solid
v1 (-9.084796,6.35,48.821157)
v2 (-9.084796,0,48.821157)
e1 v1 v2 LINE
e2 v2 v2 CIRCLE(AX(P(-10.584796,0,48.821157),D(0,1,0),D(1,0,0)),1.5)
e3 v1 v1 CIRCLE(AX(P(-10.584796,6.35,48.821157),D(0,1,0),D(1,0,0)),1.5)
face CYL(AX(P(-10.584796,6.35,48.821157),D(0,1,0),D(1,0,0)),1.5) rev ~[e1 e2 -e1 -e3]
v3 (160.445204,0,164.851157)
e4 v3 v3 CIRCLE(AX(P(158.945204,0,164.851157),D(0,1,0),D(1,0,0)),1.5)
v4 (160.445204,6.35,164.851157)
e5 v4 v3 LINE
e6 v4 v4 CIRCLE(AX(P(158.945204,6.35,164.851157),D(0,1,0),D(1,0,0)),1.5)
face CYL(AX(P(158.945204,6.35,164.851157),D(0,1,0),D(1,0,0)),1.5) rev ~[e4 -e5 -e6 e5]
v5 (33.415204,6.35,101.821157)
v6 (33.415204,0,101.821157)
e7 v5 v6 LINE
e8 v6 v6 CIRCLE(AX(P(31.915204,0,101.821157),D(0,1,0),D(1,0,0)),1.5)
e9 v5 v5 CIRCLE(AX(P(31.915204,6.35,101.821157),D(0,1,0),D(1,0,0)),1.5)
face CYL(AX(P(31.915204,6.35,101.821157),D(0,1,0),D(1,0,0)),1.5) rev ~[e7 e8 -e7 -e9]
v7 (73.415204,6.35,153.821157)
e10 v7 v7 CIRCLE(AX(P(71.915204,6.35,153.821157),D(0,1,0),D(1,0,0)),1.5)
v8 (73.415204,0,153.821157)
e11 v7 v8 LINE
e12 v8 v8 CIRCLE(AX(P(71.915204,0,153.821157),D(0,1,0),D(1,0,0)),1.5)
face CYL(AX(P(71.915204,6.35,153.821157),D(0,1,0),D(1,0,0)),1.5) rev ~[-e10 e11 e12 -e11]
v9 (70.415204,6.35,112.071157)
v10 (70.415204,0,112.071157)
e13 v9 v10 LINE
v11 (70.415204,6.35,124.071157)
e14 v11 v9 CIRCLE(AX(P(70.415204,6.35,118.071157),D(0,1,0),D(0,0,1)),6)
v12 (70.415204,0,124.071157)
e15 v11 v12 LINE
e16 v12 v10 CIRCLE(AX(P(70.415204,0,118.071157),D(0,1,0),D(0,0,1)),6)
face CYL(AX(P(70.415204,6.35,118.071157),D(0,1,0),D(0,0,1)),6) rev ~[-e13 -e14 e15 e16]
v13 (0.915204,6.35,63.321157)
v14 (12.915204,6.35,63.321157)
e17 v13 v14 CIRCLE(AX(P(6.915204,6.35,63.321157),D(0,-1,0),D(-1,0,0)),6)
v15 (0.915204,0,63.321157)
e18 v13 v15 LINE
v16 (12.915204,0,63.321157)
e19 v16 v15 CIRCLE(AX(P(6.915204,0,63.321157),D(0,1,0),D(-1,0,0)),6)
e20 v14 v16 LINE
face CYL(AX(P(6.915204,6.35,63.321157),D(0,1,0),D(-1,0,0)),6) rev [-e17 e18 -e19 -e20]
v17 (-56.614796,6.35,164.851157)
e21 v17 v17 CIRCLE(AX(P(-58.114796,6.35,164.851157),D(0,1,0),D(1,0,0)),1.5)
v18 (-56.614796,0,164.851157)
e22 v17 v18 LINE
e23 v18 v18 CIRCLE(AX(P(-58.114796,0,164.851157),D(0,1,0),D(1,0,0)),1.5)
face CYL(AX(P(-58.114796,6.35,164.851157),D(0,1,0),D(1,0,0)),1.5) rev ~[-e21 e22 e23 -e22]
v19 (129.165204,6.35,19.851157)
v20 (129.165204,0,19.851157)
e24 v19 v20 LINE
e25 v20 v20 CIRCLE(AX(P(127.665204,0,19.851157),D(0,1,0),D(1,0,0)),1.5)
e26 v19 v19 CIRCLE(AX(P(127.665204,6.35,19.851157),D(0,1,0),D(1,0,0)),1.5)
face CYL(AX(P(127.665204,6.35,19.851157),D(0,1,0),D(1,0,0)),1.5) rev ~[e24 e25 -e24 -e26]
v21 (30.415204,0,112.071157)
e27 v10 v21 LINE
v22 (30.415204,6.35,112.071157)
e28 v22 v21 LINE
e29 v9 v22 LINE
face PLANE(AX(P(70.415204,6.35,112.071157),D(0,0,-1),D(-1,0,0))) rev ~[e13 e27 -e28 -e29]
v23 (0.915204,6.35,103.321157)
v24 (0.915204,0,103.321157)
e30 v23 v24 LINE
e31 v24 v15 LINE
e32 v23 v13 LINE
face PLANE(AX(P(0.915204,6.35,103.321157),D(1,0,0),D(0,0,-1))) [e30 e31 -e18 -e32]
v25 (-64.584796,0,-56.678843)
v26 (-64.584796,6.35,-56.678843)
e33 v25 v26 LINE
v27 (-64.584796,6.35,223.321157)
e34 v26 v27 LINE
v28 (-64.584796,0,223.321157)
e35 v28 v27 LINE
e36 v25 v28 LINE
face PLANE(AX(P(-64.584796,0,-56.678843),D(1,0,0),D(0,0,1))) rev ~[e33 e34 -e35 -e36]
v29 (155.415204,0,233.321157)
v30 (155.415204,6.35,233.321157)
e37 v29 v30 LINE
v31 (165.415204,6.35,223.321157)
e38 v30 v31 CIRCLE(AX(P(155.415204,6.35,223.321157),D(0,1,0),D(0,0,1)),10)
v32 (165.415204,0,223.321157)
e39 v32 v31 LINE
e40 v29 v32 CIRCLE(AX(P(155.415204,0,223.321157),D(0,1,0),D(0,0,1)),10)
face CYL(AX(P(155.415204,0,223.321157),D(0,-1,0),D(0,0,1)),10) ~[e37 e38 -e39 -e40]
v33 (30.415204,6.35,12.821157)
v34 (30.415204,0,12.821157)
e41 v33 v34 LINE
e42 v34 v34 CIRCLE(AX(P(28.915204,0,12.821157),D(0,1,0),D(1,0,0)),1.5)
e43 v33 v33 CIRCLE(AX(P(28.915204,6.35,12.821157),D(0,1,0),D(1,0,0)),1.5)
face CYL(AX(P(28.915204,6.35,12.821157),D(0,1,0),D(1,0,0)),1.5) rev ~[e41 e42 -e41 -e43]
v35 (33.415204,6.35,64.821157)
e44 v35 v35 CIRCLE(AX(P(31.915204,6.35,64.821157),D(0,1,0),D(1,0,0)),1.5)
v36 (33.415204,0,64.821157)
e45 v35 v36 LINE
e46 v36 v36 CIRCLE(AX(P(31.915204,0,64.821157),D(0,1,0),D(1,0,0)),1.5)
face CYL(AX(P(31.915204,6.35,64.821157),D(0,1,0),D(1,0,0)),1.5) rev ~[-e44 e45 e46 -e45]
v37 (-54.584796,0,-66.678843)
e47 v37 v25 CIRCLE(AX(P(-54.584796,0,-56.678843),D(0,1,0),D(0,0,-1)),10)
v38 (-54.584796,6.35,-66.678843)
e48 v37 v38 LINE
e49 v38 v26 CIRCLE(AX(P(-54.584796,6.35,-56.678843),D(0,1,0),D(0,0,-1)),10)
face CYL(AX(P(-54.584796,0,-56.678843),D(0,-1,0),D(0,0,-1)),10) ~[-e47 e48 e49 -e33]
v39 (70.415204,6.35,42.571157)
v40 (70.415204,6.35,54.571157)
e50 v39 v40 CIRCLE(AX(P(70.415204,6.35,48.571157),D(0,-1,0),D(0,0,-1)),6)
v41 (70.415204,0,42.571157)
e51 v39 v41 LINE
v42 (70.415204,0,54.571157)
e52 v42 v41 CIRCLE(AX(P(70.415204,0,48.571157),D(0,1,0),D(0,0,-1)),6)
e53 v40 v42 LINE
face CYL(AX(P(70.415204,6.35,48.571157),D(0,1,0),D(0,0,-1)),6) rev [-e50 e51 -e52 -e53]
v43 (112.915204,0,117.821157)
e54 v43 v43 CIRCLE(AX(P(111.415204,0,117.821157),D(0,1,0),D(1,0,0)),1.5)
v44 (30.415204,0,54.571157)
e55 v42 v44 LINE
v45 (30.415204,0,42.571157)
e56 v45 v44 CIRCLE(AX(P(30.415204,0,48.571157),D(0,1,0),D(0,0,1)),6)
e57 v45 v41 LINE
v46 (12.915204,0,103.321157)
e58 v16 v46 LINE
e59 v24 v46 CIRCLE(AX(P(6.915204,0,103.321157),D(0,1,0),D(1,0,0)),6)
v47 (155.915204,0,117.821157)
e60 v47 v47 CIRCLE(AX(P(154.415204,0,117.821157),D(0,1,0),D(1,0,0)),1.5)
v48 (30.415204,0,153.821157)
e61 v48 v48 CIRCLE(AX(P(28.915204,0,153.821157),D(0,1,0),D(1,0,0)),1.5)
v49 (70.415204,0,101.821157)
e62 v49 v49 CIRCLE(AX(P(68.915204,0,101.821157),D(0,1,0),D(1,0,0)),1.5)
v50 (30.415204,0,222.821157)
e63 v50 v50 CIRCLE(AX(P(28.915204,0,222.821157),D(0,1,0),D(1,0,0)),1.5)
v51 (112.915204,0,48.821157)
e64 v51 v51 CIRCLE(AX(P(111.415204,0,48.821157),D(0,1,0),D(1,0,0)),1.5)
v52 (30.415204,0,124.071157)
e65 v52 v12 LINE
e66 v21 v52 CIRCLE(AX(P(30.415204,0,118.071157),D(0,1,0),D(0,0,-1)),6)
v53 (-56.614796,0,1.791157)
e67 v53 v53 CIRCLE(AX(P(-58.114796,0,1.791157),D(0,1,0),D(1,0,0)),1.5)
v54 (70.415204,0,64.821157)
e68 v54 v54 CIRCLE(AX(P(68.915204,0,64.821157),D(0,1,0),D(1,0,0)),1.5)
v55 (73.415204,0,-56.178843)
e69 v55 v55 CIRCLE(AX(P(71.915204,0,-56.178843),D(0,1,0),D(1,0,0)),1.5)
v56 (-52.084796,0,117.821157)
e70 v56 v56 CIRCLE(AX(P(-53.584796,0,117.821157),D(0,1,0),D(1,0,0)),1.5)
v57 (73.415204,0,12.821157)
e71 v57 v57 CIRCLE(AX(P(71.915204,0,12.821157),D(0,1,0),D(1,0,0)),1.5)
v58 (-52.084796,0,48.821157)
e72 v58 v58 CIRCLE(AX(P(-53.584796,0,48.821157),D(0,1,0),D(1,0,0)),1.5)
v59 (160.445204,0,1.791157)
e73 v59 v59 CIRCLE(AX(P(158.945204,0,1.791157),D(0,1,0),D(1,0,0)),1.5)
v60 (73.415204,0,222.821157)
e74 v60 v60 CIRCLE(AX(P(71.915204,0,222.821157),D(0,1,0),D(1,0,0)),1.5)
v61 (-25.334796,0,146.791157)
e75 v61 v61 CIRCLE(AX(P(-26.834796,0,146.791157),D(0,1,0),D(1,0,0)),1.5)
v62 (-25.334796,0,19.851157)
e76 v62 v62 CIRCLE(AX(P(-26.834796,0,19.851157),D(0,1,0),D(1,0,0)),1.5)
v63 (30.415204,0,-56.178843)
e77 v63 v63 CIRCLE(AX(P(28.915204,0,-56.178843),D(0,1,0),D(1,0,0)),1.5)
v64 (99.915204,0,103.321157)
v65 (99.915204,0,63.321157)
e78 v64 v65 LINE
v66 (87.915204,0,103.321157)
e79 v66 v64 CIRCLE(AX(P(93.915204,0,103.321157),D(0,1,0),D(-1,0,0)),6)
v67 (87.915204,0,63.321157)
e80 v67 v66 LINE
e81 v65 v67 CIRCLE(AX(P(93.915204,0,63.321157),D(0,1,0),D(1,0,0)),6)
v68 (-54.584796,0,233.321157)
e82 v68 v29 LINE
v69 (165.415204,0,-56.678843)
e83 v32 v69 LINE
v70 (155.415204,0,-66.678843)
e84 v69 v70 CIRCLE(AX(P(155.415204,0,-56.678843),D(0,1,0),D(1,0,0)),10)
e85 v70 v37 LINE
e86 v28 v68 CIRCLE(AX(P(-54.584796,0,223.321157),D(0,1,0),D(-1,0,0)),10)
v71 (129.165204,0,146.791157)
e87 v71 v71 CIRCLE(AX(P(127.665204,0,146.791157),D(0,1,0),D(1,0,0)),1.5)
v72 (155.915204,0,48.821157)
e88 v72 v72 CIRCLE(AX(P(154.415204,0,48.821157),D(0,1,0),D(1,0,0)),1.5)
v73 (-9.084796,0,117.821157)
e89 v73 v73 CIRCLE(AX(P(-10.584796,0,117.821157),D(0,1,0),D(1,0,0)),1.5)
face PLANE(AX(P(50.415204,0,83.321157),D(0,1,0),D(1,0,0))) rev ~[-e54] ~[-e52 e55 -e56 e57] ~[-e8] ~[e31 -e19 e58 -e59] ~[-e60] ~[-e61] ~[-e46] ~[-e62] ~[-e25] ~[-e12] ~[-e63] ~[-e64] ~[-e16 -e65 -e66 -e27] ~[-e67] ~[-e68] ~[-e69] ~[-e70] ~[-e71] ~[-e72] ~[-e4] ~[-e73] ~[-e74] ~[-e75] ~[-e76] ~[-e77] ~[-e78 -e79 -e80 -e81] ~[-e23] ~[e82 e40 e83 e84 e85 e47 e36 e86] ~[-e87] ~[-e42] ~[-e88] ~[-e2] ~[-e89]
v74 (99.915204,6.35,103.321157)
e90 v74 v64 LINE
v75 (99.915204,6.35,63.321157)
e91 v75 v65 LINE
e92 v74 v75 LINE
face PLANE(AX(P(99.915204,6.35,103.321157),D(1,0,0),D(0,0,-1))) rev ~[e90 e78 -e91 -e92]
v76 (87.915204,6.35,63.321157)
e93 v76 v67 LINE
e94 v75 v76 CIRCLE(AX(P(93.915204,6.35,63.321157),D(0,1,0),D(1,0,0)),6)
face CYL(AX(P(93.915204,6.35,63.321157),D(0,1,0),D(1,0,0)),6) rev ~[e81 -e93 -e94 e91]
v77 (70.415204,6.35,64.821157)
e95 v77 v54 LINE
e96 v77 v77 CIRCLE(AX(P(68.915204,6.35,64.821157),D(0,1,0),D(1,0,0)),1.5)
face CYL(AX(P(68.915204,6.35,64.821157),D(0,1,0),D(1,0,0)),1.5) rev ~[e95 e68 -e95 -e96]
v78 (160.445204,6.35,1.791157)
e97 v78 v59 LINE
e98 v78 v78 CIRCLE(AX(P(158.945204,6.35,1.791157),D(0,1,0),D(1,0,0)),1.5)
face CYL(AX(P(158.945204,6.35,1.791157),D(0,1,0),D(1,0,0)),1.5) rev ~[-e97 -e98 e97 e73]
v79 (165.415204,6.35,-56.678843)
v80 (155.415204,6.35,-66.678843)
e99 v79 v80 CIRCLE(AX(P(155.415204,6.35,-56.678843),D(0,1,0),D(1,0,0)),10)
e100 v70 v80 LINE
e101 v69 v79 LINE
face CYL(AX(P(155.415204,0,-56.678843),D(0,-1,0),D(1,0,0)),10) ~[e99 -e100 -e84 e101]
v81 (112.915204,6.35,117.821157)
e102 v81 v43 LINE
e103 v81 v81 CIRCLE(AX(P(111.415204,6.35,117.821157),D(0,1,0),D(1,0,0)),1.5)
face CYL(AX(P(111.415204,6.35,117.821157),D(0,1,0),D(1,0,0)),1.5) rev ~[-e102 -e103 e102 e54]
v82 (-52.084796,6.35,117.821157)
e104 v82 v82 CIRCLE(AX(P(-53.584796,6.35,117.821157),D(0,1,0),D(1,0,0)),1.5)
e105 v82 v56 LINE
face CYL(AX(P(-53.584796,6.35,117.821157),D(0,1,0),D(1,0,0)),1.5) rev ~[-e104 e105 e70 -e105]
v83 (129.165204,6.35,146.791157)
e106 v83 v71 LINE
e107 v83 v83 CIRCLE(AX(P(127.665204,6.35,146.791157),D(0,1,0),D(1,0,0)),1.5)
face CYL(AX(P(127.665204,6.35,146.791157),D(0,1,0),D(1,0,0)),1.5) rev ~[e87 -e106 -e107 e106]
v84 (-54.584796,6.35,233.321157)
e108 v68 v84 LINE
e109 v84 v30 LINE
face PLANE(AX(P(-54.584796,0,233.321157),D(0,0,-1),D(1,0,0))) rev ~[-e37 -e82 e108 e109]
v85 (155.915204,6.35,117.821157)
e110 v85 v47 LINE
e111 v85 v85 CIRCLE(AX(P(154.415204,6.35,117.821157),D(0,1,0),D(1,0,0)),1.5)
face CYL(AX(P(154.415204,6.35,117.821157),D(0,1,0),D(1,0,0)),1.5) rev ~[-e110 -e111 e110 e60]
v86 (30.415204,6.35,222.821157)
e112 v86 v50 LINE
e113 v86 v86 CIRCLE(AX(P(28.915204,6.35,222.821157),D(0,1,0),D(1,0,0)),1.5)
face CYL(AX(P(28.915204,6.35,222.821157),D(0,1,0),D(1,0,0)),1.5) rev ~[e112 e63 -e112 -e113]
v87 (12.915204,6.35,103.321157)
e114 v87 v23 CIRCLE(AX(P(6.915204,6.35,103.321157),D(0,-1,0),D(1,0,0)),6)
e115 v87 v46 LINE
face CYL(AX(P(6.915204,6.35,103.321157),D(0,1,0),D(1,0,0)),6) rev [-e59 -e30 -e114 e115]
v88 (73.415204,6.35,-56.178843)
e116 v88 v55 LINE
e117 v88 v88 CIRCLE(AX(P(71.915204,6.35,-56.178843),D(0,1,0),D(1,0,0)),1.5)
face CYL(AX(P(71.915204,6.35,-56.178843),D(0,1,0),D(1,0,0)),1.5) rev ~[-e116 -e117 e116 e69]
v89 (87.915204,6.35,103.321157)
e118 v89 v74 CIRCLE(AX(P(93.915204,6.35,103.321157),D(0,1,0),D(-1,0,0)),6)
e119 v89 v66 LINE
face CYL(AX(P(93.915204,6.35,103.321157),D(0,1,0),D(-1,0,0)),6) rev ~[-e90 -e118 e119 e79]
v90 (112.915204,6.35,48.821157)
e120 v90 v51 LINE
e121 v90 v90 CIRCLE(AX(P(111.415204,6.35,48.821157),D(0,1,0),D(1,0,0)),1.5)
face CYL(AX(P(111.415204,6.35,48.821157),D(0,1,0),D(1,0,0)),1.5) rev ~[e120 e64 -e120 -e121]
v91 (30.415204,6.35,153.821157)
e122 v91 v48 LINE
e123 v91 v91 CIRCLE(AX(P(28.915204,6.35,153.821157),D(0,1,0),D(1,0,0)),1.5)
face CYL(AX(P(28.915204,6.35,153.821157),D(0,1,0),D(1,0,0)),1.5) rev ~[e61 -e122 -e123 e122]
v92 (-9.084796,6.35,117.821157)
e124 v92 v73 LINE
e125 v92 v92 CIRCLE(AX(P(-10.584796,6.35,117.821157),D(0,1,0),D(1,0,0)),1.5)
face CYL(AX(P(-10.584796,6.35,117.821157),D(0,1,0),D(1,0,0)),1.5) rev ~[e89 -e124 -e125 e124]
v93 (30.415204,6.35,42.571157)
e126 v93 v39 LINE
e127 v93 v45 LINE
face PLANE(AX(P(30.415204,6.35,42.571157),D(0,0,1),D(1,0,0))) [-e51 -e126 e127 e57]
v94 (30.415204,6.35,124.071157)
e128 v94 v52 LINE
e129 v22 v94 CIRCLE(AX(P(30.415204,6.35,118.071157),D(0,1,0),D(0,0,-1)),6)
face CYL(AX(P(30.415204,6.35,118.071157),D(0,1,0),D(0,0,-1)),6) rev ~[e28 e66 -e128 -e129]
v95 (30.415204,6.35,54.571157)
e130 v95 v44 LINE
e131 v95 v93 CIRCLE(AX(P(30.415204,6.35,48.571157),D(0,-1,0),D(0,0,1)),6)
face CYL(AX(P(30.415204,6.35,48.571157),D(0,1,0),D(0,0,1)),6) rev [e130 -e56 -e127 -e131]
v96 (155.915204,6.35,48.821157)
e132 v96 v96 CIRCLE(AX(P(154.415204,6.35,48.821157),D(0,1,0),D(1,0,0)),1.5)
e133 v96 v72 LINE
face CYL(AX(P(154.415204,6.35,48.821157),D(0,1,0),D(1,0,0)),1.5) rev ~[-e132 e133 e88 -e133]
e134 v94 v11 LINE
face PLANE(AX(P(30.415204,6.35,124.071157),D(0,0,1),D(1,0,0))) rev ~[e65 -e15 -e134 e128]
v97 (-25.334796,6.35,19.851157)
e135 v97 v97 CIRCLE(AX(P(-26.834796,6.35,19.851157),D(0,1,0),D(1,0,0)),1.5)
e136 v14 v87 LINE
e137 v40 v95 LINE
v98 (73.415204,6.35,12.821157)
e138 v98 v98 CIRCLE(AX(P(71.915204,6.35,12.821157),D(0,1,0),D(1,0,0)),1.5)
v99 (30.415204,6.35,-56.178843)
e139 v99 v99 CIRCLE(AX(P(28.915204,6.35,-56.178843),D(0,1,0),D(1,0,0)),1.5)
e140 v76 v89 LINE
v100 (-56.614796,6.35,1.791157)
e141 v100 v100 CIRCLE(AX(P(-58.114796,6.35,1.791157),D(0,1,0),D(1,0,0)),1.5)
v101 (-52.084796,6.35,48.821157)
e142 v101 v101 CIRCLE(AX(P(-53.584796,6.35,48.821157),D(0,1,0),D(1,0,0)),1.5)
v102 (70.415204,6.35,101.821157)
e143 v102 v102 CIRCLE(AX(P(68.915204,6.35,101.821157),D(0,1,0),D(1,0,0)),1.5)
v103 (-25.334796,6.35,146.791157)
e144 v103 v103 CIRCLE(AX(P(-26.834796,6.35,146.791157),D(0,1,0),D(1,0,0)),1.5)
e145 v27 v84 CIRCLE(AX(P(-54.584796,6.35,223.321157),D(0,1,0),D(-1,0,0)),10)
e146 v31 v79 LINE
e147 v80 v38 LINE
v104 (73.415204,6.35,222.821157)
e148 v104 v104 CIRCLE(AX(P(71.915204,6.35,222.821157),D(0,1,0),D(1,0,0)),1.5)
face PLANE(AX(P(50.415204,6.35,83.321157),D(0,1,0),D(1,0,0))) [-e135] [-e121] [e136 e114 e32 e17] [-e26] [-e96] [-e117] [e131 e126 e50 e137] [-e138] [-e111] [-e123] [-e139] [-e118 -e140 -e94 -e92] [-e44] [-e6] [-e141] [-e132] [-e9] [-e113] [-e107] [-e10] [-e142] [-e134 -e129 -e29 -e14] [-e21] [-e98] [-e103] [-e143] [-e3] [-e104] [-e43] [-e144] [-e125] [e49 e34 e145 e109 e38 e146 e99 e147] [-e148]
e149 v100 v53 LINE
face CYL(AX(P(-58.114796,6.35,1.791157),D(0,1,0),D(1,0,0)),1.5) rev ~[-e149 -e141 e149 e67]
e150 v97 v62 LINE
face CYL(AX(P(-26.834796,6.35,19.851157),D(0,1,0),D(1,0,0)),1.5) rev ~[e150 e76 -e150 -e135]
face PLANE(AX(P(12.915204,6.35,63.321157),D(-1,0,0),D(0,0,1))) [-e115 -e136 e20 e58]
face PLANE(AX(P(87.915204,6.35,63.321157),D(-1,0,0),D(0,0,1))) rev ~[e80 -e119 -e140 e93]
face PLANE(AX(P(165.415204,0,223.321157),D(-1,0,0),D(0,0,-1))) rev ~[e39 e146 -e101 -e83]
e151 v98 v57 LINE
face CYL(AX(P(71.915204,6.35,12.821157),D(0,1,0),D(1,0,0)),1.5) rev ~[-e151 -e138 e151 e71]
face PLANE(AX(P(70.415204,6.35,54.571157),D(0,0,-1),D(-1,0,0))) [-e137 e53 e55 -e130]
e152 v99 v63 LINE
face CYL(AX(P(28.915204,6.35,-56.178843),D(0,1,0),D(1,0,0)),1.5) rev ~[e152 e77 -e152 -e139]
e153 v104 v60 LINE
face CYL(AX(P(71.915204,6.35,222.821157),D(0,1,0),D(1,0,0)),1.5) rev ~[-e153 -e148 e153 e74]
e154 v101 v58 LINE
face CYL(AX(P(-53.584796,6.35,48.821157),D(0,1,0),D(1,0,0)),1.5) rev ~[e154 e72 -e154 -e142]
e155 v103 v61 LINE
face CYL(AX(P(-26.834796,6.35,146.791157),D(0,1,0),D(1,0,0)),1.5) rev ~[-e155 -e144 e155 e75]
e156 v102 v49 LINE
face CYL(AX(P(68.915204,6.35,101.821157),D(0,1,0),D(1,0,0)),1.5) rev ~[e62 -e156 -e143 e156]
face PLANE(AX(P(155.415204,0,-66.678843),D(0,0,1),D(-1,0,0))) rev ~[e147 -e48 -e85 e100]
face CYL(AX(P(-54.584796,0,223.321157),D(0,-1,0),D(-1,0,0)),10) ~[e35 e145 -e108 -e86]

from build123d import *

# Parameters (mm, degrees)
EXTRUDE_1_DEPTH     = 6.35
SKETCH_2_R          = 1.5
CUT_EXTRUDE_1_DEPTH = 7.35


with BuildPart() as part:
    # 草图1 → 凸台-拉伸1 (new body)
    with BuildSketch(Plane(origin=(0, 0, 0), x_dir=(1, 0, 0), z_dir=(0, 1, 0))):
        with BuildLine():
            Line((-64.584796248, 56.678842543), (-64.584796248, -223.321157457))
            ThreePointArc((-64.584796248, -223.321157457), (-61.65586406, -230.392225269), (-54.584796248, -233.321157457))
            Line((-54.584796248, -233.321157457), (155.415203752, -233.321157457))
            ThreePointArc((155.415203752, -233.321157457), (162.486271564, -230.392225269), (165.415203752, -223.321157457))
            Line((165.415203752, -223.321157457), (165.415203752, 56.678842543))
            ThreePointArc((165.415203752, 56.678842543), (162.486271564, 63.749910354), (155.415203752, 66.678842543))
            Line((155.415203752, 66.678842543), (-54.584796248, 66.678842543))
            ThreePointArc((-54.584796248, 66.678842543), (-61.65586406, 63.749910354), (-64.584796248, 56.678842543))
        make_face()
    extrude(amount=EXTRUDE_1_DEPTH)

    # 草图2 → 切除-拉伸1 (cut, through all)
    with BuildSketch(Plane(origin=(0, 6.35, 0), x_dir=(1, 0, 0), z_dir=(0, 1, 0))):
        with Locations((68.915203752, -64.821157457)):
            Circle(SKETCH_2_R)
        with Locations((68.915203752, -101.821157457)):
            Circle(SKETCH_2_R)
        with Locations((31.915203752, -101.821157457)):
            Circle(SKETCH_2_R)
        with Locations((31.915203752, -64.821157457)):
            Circle(SKETCH_2_R)
        with Locations((111.415203752, -48.821157457)):
            Circle(SKETCH_2_R)
        with Locations((154.415203752, -48.821157457)):
            Circle(SKETCH_2_R)
        with Locations((111.415203752, -117.821157457)):
            Circle(SKETCH_2_R)
        with Locations((154.415203752, -117.821157457)):
            Circle(SKETCH_2_R)
        with Locations((-53.584796248, -117.821157457)):
            Circle(SKETCH_2_R)
        with Locations((-10.584796248, -117.821157457)):
            Circle(SKETCH_2_R)
        with Locations((-53.584796248, -48.821157457)):
            Circle(SKETCH_2_R)
        with Locations((-10.584796248, -48.821157457)):
            Circle(SKETCH_2_R)
        with Locations((28.915203752, -222.821157457)):
            Circle(SKETCH_2_R)
        with Locations((28.915203752, -153.821157457)):
            Circle(SKETCH_2_R)
        with Locations((71.915203752, -222.821157457)):
            Circle(SKETCH_2_R)
        with Locations((71.915203752, -153.821157457)):
            Circle(SKETCH_2_R)
        with Locations((71.915203752, 56.178842543)):
            Circle(SKETCH_2_R)
        with Locations((28.915203752, 56.178842543)):
            Circle(SKETCH_2_R)
        with Locations((71.915203752, -12.821157457)):
            Circle(SKETCH_2_R)
        with Locations((28.915203752, -12.821157457)):
            Circle(SKETCH_2_R)
        with Locations((127.665203752, -146.791157457)):
            Circle(SKETCH_2_R)
        with Locations((158.945203752, -164.851157457)):
            Circle(SKETCH_2_R)
        with Locations((158.945203752, -1.791157457)):
            Circle(SKETCH_2_R)
        with Locations((127.665203752, -19.851157457)):
            Circle(SKETCH_2_R)
        with Locations((-58.114796248, -1.791157457)):
            Circle(SKETCH_2_R)
        with Locations((-26.834796248, -19.851157457)):
            Circle(SKETCH_2_R)
        with Locations((-58.114796248, -164.851157457)):
            Circle(SKETCH_2_R)
        with Locations((-26.834796248, -146.791157457)):
            Circle(SKETCH_2_R)
        with BuildLine():
            Line((30.415203752, -124.071157457), (70.415203752, -124.071157457))
            ThreePointArc((70.415203752, -124.071157457), (76.415203752, -118.071157457), (70.415203752, -112.071157457))
            Line((70.415203752, -112.071157457), (30.415203752, -112.071157457))
            ThreePointArc((30.415203752, -112.071157457), (24.415203752, -118.071157457), (30.415203752, -124.071157457))
        make_face()
        with BuildLine():
            Line((30.415203752, -42.571157457), (70.415203752, -42.571157457))
            ThreePointArc((70.415203752, -42.571157457), (76.415203752, -48.571157457), (70.415203752, -54.571157457))
            Line((70.415203752, -54.571157457), (30.415203752, -54.571157457))
            ThreePointArc((30.415203752, -54.571157457), (24.415203752, -48.571157457), (30.415203752, -42.571157457))
        make_face()
        with BuildLine():
            Line((12.915203752, -63.321157457), (12.915203752, -103.321157457))
            ThreePointArc((12.915203752, -103.321157457), (6.915203752, -109.321157457), (0.915203752, -103.321157457))
            Line((0.915203752, -103.321157457), (0.915203752, -63.321157457))
            ThreePointArc((0.915203752, -63.321157457), (6.915203752, -57.321157457), (12.915203752, -63.321157457))
        make_face()
        with BuildLine():
            Line((87.915203752, -63.321157457), (87.915203752, -103.321157457))
            ThreePointArc((87.915203752, -103.321157457), (93.915203752, -109.321157457), (99.915203752, -103.321157457))
            Line((99.915203752, -103.321157457), (99.915203752, -63.321157457))
            ThreePointArc((99.915203752, -63.321157457), (93.915203752, -57.321157457), (87.915203752, -63.321157457))
        make_face()
    extrude(amount=-CUT_EXTRUDE_1_DEPTH, mode=Mode.SUBTRACT)


solid = part.part
